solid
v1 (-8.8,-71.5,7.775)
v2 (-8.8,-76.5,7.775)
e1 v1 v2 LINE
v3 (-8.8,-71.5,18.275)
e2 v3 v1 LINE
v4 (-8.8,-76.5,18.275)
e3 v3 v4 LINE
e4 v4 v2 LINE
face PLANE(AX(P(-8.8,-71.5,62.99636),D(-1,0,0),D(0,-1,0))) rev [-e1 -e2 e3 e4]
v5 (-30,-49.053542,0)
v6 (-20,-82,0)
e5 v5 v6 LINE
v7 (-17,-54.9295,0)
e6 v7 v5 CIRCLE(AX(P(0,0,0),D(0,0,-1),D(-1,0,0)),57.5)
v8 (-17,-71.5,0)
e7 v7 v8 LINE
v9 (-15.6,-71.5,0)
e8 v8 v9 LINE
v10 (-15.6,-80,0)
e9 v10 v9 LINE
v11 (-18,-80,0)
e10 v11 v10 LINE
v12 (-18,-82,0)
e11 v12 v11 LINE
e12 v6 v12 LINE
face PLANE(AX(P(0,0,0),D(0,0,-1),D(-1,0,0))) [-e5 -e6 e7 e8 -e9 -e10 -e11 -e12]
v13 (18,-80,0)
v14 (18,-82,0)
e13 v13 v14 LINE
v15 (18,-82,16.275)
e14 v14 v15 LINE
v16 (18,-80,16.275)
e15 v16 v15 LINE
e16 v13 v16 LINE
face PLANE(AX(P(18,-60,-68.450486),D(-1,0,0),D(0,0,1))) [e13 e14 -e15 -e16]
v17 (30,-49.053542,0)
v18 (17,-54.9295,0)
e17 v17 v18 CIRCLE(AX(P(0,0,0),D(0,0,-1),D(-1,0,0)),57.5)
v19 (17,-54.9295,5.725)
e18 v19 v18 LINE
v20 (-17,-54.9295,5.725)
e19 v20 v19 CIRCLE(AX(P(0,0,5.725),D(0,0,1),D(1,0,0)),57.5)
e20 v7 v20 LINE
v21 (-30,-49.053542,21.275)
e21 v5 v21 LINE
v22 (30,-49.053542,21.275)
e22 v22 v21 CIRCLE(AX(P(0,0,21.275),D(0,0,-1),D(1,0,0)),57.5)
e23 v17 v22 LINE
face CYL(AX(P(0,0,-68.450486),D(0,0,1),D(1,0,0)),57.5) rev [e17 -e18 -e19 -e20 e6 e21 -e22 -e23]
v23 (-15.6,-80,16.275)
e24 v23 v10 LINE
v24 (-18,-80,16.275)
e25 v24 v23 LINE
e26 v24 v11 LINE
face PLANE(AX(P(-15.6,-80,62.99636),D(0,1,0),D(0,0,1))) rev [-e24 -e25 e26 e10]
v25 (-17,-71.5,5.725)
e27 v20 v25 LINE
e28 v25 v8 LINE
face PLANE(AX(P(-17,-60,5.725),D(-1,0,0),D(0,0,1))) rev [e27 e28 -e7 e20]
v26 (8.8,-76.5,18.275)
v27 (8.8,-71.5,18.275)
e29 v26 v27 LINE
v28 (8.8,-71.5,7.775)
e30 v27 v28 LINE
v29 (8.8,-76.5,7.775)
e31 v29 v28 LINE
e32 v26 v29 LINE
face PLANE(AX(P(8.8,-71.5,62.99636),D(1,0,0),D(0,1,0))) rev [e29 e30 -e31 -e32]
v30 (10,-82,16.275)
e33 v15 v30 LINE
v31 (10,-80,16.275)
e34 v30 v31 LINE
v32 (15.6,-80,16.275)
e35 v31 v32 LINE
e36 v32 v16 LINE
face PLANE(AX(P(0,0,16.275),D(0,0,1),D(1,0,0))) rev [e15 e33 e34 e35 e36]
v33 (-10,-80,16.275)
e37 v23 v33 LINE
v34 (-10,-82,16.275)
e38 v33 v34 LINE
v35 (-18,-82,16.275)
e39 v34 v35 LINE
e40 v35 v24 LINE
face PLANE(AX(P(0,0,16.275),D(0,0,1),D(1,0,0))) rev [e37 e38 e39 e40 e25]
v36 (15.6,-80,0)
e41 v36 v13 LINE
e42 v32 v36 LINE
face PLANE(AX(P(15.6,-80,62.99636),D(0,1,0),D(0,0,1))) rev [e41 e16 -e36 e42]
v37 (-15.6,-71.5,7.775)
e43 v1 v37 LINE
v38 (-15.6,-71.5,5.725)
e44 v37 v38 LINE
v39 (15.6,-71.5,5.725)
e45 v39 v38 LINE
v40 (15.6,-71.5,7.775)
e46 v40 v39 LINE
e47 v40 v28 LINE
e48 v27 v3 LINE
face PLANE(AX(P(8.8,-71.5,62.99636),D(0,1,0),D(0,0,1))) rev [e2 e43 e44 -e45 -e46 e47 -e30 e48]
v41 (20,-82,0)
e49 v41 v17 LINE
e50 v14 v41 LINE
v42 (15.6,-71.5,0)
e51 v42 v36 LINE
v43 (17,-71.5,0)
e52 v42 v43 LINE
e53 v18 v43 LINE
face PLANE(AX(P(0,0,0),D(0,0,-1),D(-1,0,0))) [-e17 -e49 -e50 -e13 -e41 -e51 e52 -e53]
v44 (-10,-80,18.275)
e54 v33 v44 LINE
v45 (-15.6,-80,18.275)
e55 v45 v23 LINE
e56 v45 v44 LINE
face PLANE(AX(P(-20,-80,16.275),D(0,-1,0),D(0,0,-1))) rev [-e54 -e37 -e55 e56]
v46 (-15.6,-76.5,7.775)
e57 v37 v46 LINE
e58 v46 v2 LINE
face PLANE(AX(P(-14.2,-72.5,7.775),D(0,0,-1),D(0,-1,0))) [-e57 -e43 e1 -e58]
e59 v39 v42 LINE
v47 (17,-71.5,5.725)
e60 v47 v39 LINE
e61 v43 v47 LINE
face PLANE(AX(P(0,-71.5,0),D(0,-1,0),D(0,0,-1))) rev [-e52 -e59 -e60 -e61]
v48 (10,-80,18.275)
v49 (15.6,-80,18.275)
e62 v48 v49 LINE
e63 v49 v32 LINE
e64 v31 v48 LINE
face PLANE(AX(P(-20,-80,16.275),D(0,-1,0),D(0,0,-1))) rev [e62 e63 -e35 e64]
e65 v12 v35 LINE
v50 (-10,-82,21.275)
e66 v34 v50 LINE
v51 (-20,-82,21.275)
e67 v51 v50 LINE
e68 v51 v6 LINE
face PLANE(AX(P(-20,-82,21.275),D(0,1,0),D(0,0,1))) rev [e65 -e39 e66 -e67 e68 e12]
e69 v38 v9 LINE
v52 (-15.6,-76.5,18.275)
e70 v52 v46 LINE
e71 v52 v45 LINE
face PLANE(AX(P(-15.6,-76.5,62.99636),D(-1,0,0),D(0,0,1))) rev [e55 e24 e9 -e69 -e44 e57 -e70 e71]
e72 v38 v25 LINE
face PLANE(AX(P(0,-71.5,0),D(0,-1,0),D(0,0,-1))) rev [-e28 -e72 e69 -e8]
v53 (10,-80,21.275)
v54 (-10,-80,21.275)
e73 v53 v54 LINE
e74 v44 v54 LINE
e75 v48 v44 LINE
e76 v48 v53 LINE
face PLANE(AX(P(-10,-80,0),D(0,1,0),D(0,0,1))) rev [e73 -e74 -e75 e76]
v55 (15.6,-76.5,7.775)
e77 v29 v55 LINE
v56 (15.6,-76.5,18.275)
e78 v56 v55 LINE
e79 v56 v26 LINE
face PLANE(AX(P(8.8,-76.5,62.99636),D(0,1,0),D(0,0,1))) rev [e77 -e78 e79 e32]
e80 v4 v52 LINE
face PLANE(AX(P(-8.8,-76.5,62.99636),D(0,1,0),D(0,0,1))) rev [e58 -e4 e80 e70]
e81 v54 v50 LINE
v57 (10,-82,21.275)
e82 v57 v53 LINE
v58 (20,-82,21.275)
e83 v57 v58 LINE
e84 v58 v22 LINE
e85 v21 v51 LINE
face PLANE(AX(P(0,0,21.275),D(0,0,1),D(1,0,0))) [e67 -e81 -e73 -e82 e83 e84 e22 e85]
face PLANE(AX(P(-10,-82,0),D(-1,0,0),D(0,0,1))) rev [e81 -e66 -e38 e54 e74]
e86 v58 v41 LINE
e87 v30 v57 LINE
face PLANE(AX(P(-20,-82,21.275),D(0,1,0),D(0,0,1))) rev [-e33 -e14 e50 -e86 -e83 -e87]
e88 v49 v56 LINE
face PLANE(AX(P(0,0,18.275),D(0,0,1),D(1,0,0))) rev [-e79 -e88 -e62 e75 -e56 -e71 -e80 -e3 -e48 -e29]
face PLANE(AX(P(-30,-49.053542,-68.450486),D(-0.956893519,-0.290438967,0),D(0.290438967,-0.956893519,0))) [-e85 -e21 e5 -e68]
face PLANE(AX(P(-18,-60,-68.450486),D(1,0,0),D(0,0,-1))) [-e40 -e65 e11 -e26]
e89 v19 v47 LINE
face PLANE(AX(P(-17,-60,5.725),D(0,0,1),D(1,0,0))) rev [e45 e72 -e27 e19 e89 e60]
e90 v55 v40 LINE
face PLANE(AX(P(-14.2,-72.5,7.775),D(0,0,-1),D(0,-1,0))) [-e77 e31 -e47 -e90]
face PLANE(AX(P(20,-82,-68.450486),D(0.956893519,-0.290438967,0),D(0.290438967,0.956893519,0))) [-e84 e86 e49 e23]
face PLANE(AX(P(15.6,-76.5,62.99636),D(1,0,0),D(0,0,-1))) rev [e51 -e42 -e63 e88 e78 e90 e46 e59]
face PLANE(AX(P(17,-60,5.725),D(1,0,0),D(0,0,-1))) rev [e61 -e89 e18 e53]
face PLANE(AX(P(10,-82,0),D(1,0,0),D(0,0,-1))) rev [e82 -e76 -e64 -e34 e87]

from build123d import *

# Parameters (mm, degrees)
BOSS_EXTRU_1_DEPTH      = 18.275
ESQUISSE2_W             = 40
ESQUISSE2_H             = 22
BOSS_EXTRU_2_DEPTH      = 3
ESQUISSE3_W             = 40
ESQUISSE3_H             = 2
BOSS_EXTRU_3_DEPTH      = 2
ESQUISSE4_W             = 20
ESQUISSE4_H             = 2
ENL_V_MAT_EXTRU_2_DEPTH = 22.275
ENL_V_START             = -7.775
ESQUISSE5_W             = 31.2
ESQUISSE5_H             = 5
ENL_V_MAT_EXTRU_3_DEPTH = 7.775
ESQUISSE6_W             = 34
ESQUISSE6_H             = 5.725
ENL_V_MAT_EXTRU_4_DEPTH = 12.5
BOSS_EXTRU_4_DEPTH      = 21.275
ESQUISSE8_W             = 34
ESQUISSE8_H             = 5.725
ENL_V_MAT_EXTRU_5_DEPTH = 11.946457824


with BuildPart() as part:
    # Esquisse1 → Boss.-Extru.1 (new body)
    with BuildSketch(Plane.XY):
        Polygon((-15.6, -80), (-20, -80), (-20, -60), (20, -60), (20, -80), (15.6, -80), (15.6, -76.5), (8.8, -76.5), (8.8, -71.5), (-8.8, -71.5), (-8.8, -76.5), (-15.6, -76.5), align=None)
    extrude(amount=BOSS_EXTRU_1_DEPTH)

    # Esquisse2 → Boss.-Extru.2 (add)
    with BuildSketch(Plane.XY.offset(18.275)):
        with Locations((0, -71)):
            Rectangle(ESQUISSE2_W, ESQUISSE2_H)
    extrude(amount=BOSS_EXTRU_2_DEPTH)

    # Esquisse3 → Boss.-Extru.3 (add)
    with BuildSketch(Plane(origin=(0, 0, 18.275), x_dir=(-1, 0, 0), z_dir=(0, 0, -1))):
        with Locations((0, -81)):
            Rectangle(ESQUISSE3_W, ESQUISSE3_H)
    extrude(amount=BOSS_EXTRU_3_DEPTH)

    # Esquisse4 → Enlèv. mat.-Extru.2 (cut, through all)
    with BuildSketch(Plane.XY.offset(21.275)):
        with Locations((0, -81)):
            Rectangle(ESQUISSE4_W, ESQUISSE4_H)
    extrude(amount=-ENL_V_MAT_EXTRU_2_DEPTH, mode=Mode.SUBTRACT)

    # Esquisse5 → Enlèv. mat.-Extru.3 (cut)
    with BuildSketch(Plane(origin=(0, 0, 0), x_dir=(-1, 0, 0), z_dir=(0, 0, -1)).offset(ENL_V_START)):
        with Locations((0, -74)):
            Rectangle(ESQUISSE5_W, ESQUISSE5_H)
    extrude(amount=ENL_V_MAT_EXTRU_3_DEPTH, mode=Mode.SUBTRACT)

    # Esquisse6 → Enlèv. mat.-Extru.4 (cut, through all)
    with BuildSketch(Plane.XZ.offset(71.5)):
        with Locations((0, 2.8625)):
            Rectangle(ESQUISSE6_W, ESQUISSE6_H)
    extrude(amount=-ENL_V_MAT_EXTRU_4_DEPTH, mode=Mode.SUBTRACT)

    # Esquisse7 → Boss.-Extru.4 (add)
    with BuildSketch(Plane.XY.offset(21.275)):
        with BuildLine():
            Line((-30, -49.053542176), (-20, -82))
            Line((-20, -82), (-18, -82))
            Line((-18, -82), (-18, -60))
            Line((-18, -60), (18, -60))
            Line((18, -60), (18, -82))
            Line((18, -82), (20, -82))
            Line((20, -82), (30, -49.053542176))
            ThreePointArc((30, -49.053542176), (0, -57.5), (-30, -49.053542176))
        make_face()
    extrude(amount=-BOSS_EXTRU_4_DEPTH)

    # Esquisse8 → Enlèv. mat.-Extru.5 (cut, through all)
    with BuildSketch(Plane.XZ.offset(60)):
        with Locations((0, 2.8625)):
            Rectangle(ESQUISSE8_W, ESQUISSE8_H)
    extrude(amount=-ENL_V_MAT_EXTRU_5_DEPTH, mode=Mode.SUBTRACT)


solid = part.part
